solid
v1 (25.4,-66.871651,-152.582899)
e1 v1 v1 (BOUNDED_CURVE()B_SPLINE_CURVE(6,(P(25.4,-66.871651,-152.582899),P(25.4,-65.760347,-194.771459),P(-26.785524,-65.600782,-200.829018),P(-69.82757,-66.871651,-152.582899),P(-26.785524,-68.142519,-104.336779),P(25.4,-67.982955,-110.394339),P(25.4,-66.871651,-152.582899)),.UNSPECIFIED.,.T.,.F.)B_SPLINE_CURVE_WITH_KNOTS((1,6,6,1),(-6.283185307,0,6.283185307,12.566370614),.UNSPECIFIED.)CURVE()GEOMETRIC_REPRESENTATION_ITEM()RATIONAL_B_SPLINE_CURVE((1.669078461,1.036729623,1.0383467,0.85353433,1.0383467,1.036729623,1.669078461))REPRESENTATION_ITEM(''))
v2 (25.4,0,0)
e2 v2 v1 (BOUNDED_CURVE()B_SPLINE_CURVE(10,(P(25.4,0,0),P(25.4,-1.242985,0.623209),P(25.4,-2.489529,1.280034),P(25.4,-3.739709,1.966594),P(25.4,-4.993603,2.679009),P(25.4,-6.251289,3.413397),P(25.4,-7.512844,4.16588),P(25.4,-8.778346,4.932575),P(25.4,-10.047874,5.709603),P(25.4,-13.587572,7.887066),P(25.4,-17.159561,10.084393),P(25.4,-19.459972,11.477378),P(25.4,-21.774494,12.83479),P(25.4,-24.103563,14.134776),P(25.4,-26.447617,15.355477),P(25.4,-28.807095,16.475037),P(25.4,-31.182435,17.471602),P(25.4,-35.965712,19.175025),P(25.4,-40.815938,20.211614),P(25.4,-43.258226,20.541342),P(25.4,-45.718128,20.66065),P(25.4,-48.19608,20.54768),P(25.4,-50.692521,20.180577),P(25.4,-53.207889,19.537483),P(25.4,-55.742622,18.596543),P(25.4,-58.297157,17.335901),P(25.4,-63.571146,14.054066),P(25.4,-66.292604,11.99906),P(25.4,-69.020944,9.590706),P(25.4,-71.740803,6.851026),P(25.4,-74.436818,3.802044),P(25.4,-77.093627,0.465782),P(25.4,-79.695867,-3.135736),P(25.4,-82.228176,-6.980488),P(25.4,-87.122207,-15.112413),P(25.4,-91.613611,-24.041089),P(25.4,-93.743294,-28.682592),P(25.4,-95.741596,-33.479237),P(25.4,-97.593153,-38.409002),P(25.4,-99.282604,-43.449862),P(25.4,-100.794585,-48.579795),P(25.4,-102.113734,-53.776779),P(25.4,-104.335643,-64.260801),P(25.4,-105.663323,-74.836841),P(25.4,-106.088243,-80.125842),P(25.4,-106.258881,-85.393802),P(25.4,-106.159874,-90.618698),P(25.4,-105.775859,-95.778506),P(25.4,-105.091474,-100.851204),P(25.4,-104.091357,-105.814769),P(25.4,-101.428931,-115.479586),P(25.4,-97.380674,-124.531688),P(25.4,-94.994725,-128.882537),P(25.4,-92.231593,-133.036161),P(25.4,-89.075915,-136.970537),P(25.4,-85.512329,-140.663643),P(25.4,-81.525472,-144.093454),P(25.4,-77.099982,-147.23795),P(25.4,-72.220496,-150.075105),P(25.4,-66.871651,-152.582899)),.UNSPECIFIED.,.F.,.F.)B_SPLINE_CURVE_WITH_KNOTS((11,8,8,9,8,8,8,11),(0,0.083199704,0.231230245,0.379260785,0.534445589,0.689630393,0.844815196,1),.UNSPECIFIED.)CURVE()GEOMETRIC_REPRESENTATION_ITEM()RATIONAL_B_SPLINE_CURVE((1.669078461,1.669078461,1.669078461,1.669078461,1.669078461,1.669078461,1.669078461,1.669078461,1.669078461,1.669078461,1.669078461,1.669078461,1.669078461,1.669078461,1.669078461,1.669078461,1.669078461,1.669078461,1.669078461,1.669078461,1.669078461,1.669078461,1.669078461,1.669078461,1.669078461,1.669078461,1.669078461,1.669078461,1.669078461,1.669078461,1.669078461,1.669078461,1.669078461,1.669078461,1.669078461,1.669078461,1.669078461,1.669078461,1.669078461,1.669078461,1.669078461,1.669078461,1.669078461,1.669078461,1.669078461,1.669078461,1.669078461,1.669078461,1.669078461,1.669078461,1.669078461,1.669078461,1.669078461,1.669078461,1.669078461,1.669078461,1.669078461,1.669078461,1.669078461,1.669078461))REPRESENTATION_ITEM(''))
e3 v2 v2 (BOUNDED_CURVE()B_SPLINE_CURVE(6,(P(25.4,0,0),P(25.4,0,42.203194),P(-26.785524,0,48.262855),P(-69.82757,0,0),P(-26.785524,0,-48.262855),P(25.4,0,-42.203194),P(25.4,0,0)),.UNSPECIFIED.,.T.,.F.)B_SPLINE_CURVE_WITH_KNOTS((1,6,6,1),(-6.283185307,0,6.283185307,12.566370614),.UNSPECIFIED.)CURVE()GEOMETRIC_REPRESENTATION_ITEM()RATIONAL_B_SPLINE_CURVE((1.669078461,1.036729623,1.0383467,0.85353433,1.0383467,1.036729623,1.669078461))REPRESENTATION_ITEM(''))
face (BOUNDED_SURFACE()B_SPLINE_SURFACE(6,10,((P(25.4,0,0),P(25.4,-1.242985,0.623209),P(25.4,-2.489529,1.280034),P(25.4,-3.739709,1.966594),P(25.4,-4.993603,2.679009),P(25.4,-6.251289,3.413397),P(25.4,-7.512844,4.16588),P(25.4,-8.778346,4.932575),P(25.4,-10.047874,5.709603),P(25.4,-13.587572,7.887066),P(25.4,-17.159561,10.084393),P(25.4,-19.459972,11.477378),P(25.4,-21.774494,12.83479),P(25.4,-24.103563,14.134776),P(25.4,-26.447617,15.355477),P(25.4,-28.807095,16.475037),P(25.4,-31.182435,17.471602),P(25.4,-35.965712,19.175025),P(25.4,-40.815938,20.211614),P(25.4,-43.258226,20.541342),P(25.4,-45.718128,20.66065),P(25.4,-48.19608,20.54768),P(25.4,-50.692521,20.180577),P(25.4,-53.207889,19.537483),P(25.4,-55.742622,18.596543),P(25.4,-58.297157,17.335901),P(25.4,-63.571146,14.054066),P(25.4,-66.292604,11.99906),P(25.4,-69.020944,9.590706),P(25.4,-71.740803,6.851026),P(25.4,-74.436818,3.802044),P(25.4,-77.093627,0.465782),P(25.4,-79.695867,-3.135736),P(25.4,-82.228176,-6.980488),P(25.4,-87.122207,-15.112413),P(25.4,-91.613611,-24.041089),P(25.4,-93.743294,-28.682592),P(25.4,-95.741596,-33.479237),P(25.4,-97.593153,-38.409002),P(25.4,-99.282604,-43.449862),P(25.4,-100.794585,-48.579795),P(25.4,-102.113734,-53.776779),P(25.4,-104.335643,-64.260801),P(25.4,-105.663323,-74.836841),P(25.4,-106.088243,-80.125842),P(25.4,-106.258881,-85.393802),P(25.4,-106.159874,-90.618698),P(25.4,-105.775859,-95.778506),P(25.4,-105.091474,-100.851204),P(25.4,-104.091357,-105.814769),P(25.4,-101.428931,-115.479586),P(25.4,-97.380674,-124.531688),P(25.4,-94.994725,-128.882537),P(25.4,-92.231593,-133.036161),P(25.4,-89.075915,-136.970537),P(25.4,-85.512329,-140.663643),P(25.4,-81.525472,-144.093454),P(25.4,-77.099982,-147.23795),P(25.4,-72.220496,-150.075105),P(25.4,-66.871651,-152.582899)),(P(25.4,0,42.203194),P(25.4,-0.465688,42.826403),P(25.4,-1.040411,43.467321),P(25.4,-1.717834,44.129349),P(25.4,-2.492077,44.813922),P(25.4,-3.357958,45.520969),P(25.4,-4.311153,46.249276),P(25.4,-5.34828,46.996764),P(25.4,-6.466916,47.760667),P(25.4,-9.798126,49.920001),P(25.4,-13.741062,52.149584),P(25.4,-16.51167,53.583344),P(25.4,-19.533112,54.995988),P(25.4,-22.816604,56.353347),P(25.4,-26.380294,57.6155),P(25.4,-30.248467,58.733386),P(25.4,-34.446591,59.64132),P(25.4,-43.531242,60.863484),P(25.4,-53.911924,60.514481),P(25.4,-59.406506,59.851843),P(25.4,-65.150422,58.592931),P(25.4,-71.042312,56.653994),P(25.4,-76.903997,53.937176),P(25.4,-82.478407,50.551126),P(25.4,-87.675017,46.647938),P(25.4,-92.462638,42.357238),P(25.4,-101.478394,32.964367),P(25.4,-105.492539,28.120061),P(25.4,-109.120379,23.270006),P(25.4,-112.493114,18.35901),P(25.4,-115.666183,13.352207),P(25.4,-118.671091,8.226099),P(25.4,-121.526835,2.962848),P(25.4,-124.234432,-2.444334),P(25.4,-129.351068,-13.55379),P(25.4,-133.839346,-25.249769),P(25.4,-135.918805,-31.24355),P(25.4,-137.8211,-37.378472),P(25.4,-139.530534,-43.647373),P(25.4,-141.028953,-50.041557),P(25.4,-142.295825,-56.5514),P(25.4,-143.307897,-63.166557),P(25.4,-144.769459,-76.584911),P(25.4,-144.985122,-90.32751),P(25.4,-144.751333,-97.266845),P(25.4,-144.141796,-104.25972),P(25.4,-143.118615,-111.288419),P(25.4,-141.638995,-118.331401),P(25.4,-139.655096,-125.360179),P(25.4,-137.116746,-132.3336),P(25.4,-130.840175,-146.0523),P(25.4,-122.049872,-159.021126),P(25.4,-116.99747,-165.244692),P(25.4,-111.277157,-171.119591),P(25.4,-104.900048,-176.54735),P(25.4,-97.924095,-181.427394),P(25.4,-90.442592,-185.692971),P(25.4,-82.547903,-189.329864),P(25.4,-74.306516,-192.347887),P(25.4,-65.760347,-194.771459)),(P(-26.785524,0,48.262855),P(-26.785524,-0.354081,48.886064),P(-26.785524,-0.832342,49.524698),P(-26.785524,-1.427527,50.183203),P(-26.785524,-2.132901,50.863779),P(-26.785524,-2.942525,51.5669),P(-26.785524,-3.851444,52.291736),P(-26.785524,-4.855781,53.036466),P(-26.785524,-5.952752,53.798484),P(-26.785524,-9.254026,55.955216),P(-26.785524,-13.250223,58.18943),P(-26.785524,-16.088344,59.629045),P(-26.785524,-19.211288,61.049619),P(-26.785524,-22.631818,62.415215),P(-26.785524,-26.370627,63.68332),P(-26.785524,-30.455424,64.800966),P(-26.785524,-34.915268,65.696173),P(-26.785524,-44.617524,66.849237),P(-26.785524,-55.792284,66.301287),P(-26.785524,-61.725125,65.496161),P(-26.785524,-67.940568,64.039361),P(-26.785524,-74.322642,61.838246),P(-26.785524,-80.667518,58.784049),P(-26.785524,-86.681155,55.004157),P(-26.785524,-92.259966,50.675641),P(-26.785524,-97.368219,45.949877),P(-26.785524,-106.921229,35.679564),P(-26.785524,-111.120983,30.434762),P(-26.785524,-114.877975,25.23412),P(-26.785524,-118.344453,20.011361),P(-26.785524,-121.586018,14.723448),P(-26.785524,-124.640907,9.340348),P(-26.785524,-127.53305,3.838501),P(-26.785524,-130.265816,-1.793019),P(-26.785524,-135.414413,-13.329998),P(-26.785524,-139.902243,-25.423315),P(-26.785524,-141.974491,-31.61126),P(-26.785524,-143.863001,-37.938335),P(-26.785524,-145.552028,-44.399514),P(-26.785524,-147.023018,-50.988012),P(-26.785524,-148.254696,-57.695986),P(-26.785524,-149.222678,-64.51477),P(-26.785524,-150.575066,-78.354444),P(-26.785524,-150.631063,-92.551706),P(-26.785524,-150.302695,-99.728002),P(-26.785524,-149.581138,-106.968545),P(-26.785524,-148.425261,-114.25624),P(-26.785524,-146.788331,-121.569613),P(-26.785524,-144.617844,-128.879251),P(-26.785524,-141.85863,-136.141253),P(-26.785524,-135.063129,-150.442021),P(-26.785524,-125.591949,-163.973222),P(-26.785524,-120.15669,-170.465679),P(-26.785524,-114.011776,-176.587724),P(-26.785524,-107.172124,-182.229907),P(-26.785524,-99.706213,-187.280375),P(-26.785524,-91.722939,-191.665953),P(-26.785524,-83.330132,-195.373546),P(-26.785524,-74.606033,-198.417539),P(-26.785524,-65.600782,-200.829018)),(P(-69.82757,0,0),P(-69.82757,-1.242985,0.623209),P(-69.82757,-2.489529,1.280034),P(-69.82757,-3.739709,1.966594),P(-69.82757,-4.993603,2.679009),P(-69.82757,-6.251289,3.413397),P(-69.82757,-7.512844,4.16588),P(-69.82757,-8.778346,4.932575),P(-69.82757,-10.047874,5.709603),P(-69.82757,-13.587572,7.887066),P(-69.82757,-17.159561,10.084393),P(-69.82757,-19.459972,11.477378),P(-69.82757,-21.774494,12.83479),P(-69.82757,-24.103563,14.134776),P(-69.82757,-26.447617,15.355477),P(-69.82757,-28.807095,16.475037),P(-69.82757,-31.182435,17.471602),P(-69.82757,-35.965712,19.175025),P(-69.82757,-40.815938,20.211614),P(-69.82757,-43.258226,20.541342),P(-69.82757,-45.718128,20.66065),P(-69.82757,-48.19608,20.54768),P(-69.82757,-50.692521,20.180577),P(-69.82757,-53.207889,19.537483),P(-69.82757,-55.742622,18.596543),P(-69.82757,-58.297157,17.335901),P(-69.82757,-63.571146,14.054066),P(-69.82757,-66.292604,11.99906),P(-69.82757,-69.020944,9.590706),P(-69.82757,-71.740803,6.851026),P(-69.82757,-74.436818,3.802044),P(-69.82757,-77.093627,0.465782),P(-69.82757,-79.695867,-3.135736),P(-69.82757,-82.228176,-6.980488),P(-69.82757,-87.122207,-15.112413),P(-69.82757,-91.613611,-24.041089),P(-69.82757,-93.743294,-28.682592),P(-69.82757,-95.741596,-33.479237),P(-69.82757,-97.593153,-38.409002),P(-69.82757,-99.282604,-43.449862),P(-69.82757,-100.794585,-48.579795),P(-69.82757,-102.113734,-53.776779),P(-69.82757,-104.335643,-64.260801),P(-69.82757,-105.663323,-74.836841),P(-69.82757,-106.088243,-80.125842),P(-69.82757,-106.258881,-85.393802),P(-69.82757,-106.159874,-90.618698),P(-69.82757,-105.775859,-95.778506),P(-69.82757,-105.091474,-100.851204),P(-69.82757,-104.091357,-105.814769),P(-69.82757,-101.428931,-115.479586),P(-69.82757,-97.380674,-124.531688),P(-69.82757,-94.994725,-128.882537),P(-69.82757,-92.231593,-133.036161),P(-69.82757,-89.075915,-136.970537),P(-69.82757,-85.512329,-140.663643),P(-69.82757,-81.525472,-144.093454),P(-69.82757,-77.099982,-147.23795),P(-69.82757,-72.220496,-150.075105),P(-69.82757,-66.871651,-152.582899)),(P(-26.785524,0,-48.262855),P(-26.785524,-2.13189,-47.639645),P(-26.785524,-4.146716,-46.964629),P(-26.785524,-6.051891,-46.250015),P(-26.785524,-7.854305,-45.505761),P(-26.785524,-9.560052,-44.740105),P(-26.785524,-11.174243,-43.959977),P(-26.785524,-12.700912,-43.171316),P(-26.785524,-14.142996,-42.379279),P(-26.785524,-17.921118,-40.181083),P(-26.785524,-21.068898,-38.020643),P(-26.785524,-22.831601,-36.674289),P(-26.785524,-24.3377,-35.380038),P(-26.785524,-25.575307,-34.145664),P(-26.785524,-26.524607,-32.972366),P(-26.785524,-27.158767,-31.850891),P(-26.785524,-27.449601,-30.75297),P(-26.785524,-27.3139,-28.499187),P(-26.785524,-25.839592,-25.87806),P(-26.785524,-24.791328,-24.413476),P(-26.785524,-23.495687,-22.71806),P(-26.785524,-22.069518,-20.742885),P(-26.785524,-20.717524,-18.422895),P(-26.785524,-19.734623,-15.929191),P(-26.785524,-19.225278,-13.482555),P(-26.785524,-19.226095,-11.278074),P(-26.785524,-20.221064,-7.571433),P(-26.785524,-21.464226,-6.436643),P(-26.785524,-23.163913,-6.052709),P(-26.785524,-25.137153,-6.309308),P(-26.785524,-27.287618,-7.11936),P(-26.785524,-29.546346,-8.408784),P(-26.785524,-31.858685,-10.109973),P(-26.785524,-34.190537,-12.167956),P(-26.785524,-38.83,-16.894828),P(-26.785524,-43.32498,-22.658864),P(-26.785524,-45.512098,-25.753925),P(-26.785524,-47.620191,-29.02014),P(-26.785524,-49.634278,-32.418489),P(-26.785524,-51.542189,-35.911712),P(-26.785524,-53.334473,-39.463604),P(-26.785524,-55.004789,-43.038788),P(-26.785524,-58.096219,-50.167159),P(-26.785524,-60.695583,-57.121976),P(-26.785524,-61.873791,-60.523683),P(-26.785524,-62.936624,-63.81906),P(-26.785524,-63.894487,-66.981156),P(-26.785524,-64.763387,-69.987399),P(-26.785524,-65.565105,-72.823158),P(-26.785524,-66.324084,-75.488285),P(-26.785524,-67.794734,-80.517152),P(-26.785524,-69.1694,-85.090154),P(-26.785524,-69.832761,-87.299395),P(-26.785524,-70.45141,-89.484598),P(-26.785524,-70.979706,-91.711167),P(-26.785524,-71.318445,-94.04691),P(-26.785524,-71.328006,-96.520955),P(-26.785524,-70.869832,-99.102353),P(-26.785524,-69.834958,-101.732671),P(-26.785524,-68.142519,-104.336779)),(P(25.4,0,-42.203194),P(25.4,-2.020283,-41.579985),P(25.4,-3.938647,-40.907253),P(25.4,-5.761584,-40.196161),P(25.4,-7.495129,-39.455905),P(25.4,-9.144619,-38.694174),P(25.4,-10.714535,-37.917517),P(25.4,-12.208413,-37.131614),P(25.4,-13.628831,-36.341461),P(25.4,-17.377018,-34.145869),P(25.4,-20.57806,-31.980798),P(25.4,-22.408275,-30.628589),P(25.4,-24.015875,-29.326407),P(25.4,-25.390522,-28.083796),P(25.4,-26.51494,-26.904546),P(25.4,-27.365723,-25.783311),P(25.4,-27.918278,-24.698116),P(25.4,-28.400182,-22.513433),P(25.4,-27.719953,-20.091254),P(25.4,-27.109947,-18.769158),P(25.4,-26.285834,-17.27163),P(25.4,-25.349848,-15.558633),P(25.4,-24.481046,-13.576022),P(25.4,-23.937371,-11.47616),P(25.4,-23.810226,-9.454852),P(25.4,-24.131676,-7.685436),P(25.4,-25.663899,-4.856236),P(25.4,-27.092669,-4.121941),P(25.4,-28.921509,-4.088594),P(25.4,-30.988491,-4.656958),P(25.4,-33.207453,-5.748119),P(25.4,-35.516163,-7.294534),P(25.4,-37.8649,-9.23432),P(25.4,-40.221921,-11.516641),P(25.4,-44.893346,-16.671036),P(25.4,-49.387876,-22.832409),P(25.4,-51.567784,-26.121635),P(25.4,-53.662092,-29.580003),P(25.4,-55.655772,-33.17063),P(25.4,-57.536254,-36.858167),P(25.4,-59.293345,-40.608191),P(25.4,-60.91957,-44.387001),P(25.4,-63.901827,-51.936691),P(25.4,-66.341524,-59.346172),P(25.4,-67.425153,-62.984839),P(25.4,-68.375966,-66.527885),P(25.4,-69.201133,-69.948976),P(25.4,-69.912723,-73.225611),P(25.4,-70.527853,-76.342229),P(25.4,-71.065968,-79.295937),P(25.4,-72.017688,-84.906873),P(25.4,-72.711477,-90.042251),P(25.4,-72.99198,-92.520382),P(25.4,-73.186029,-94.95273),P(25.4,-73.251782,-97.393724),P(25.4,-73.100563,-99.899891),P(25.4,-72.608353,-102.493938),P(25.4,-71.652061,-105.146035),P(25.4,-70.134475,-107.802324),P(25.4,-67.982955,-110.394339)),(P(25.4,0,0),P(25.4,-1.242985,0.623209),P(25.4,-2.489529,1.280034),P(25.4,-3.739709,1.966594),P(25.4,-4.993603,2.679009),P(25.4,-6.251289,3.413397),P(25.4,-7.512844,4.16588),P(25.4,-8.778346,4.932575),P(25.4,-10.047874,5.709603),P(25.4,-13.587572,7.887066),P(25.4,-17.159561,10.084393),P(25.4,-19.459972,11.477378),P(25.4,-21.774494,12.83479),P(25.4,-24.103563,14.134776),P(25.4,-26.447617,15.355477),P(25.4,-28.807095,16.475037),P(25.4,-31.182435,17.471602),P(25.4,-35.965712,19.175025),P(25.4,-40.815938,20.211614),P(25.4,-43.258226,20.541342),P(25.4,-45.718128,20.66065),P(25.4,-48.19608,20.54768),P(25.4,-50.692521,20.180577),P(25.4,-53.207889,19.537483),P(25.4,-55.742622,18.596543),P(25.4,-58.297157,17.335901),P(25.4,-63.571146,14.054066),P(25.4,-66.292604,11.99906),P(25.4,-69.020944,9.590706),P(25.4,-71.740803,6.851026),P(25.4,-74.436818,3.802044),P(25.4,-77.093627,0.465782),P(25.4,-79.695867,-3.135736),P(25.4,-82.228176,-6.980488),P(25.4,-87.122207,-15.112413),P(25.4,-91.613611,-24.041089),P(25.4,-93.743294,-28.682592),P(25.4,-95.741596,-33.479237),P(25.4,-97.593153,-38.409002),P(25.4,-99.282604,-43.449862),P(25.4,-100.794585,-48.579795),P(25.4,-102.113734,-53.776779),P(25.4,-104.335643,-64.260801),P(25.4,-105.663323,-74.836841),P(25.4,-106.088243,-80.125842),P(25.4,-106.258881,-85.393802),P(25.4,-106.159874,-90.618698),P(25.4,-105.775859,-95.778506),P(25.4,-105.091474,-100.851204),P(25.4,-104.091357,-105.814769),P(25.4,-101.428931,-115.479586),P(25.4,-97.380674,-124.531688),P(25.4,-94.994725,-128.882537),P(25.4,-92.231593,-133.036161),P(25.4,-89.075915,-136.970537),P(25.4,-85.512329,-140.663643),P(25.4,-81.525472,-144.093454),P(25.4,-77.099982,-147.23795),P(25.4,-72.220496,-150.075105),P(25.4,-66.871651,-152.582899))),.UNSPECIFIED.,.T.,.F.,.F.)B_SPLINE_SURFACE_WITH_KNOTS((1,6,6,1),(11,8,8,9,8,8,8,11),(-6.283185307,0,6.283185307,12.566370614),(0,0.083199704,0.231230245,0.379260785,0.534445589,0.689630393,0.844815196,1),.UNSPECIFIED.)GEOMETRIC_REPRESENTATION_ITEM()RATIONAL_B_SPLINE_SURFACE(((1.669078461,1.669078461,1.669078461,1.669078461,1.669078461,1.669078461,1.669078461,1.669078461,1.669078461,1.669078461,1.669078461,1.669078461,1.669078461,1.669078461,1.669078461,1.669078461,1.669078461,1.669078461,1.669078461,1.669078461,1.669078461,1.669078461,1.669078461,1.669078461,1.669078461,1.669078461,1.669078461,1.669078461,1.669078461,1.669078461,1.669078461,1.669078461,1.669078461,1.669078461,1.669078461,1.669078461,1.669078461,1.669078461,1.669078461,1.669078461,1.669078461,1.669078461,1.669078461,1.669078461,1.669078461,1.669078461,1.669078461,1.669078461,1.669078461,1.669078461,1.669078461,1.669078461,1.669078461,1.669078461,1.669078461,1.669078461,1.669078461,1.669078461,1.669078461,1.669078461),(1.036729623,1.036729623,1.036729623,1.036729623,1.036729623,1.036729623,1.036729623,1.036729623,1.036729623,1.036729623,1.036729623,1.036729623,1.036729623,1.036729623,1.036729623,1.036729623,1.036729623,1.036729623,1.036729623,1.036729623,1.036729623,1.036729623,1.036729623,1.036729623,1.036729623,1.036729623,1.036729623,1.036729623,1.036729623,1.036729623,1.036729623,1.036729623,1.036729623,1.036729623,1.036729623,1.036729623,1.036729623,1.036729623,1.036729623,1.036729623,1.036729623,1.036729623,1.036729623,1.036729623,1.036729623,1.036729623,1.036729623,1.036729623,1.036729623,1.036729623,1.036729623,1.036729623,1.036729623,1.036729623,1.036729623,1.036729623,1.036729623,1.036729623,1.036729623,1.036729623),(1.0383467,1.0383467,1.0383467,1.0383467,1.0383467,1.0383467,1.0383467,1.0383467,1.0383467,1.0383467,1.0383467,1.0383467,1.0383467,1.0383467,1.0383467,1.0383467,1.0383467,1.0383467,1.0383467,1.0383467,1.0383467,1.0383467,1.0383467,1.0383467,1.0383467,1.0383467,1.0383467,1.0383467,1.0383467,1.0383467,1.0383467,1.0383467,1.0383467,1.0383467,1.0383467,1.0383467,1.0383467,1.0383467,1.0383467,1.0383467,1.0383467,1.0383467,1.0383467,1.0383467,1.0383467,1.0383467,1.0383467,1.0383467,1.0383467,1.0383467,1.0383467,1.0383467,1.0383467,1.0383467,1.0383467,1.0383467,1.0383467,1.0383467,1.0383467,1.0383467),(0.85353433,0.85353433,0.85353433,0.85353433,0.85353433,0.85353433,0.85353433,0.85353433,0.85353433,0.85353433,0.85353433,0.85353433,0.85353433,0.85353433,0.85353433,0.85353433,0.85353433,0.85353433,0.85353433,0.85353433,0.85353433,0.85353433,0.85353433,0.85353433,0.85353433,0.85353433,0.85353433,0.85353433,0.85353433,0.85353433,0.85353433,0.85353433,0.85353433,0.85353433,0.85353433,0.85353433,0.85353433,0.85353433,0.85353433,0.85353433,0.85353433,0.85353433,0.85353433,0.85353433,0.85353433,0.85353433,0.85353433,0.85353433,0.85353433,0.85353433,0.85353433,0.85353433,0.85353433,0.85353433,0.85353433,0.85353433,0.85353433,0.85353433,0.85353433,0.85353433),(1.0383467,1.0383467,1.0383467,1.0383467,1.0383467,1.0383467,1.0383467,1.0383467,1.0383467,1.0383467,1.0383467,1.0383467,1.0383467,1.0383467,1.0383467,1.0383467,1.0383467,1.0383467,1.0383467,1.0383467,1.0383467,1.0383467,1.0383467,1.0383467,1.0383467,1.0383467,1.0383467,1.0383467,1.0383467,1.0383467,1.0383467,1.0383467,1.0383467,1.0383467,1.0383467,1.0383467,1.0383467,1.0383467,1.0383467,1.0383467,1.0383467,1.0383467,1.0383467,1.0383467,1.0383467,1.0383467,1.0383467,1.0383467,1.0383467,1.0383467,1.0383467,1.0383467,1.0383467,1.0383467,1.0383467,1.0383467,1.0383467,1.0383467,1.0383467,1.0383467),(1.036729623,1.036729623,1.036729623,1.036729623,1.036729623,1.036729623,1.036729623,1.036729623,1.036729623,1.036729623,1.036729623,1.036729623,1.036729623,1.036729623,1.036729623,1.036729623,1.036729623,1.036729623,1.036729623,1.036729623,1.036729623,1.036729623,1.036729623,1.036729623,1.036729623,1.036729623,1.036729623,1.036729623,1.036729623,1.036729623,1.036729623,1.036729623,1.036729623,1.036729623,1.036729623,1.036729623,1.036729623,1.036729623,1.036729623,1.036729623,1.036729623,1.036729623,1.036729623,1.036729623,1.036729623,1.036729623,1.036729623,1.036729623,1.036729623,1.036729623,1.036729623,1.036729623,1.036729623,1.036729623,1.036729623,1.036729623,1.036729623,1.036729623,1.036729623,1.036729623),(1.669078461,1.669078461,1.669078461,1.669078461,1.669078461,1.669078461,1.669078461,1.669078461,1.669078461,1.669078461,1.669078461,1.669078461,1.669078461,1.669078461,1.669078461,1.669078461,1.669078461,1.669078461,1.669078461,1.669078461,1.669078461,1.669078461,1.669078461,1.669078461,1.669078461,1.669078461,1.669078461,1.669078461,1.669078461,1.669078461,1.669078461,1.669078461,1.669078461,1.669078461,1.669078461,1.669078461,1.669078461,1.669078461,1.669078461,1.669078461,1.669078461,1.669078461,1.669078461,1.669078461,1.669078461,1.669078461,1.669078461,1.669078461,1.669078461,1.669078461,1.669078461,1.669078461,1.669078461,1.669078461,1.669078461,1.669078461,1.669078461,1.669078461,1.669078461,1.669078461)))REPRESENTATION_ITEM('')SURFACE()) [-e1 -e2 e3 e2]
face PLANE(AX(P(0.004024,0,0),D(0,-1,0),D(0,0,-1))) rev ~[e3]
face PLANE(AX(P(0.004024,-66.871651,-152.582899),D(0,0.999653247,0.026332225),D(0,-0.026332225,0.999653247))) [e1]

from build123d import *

# Parameters (mm, degrees)
F0_R = 25.4


with BuildPart() as f2:
    # F2: sweep along a path in F1
    with BuildLine(Plane.YZ) as f2_path:
        add(Plane.YZ * Edge.make_bspline(
            [(0, 0), (-18.8869083615, 9.4695387774), (-71.6106829312, 62.0644635714), (-138.1895840168, -119.1456541419), (-66.871650517, -152.582898736)],
            knots=[0, 0, 0, 0, 0.3792607854, 1, 1, 1, 1], degree=3))
    # F0 (on Front) → F2 (sweep)
    with BuildSketch(Plane.XZ):
        Circle(F0_R)
    sweep(path=f2_path.line)


solid = f2.part
